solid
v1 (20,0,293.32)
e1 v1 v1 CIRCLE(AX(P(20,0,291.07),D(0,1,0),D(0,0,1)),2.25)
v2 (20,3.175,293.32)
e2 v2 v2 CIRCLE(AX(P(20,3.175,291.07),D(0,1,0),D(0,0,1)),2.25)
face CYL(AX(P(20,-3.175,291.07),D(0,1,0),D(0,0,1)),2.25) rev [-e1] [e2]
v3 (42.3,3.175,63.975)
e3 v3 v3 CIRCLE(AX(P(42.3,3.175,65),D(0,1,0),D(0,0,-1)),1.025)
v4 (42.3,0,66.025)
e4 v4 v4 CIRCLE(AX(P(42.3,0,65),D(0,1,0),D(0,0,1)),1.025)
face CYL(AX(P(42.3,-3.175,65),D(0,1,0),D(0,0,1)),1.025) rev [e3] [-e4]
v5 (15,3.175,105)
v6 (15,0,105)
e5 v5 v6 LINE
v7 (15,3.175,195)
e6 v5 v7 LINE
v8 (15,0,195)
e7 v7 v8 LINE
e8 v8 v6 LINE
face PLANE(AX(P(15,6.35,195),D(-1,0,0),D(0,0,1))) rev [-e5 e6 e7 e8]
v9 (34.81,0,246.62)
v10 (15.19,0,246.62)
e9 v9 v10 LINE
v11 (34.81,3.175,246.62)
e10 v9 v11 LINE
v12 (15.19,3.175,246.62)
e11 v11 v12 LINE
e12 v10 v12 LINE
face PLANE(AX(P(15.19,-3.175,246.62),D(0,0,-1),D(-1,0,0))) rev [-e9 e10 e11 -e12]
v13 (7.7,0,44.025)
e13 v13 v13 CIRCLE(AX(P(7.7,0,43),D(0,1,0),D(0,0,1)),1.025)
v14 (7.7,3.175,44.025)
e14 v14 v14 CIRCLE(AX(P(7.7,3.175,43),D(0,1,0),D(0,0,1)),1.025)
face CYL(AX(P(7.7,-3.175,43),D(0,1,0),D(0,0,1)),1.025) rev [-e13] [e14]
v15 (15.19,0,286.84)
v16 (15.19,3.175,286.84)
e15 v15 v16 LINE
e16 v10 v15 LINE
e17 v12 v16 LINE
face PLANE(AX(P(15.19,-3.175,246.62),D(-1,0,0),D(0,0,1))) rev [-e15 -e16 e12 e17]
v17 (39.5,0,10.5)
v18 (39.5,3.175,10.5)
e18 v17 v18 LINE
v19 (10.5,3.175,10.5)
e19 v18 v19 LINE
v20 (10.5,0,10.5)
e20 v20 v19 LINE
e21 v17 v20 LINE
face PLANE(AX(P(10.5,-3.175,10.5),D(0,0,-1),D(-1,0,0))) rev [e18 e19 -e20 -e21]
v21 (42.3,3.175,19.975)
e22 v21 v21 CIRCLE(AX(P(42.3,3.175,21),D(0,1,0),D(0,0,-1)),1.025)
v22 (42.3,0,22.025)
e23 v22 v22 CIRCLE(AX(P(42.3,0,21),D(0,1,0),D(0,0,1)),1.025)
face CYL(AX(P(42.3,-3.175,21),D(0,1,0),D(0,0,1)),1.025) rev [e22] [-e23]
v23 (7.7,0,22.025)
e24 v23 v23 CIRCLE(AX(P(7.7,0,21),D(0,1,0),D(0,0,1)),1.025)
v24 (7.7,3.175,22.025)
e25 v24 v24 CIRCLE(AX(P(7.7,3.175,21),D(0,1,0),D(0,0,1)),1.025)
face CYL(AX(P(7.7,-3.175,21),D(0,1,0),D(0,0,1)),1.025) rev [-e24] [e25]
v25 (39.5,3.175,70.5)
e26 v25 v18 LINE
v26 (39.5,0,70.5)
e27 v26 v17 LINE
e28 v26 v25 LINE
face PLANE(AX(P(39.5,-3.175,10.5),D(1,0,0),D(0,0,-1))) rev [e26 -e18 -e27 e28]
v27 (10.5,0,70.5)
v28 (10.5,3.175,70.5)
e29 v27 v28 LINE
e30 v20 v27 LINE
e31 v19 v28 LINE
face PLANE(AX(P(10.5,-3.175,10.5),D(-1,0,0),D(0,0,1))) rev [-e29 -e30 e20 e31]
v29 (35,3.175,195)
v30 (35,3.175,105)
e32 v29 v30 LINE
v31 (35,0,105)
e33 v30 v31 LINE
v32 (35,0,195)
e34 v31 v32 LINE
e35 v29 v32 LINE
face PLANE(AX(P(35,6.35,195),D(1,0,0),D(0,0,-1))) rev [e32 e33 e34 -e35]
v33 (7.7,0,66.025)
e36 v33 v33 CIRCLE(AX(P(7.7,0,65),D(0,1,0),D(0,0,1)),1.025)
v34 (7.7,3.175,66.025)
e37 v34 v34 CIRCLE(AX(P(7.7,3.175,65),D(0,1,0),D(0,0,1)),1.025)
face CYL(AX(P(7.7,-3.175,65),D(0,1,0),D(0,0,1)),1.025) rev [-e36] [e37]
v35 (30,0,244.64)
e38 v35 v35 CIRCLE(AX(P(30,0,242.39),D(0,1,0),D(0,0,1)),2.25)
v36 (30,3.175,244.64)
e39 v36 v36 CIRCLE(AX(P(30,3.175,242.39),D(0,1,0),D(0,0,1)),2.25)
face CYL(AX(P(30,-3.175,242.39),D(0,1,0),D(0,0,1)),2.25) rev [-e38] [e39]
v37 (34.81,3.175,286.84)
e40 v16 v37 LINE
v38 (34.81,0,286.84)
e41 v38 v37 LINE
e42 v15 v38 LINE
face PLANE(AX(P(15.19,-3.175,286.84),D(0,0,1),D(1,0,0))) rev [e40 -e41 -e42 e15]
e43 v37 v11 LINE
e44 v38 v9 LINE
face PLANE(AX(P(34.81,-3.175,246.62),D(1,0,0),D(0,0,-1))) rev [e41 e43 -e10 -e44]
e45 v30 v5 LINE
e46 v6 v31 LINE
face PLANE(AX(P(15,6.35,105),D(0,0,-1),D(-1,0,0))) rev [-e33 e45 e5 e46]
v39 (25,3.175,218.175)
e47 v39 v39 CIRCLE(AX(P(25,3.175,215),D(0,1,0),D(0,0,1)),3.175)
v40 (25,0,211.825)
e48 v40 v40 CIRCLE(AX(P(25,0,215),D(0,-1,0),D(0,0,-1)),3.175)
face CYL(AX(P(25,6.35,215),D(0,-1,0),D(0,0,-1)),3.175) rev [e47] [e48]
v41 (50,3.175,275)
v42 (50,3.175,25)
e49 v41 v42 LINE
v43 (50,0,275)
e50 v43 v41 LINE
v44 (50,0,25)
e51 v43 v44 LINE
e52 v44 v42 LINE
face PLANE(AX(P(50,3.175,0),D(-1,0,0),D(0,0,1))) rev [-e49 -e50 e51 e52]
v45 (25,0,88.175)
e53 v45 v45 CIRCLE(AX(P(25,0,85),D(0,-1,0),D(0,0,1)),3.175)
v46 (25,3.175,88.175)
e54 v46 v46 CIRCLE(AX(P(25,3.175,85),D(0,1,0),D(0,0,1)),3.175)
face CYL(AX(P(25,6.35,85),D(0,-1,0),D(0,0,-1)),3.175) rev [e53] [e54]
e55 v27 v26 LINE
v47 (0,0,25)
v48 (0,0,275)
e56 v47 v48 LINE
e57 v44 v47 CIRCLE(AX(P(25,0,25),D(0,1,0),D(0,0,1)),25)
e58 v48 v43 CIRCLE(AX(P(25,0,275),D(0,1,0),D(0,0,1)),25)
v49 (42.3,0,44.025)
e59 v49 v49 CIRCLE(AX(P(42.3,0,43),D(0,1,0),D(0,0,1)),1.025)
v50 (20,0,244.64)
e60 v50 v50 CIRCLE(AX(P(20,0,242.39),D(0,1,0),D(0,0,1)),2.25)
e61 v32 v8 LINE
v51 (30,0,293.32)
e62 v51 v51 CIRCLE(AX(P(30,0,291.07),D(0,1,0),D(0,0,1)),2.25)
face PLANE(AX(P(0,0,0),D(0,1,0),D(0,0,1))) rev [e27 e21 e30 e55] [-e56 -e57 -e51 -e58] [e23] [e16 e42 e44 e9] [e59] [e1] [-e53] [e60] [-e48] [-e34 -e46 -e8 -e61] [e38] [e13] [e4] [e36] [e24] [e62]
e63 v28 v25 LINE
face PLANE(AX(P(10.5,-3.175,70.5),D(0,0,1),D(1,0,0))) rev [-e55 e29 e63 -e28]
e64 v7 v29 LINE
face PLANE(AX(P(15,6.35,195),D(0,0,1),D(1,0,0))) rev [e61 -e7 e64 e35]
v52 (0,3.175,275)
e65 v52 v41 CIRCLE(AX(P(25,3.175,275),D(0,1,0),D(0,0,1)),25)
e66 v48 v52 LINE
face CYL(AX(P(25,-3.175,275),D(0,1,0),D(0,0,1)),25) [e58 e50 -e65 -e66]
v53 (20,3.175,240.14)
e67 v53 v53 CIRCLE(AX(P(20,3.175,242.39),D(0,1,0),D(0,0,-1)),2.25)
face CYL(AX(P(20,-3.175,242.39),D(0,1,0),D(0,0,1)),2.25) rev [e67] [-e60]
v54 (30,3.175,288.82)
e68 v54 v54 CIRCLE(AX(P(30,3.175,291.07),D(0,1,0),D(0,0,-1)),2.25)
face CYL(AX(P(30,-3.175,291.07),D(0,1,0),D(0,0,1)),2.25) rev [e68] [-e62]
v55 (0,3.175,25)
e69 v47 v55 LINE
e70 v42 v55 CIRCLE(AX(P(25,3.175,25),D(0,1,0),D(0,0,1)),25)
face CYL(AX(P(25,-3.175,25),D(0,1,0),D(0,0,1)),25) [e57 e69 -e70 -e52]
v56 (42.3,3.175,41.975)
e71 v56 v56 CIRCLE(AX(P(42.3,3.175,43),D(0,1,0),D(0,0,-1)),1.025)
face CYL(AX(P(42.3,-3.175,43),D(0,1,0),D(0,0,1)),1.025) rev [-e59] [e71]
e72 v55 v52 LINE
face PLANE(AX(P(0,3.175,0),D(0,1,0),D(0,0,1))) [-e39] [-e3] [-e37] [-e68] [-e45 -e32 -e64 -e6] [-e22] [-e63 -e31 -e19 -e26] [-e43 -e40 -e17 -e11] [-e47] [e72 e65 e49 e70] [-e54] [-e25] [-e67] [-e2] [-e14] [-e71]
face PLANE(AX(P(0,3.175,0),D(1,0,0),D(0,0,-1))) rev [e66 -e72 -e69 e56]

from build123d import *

# Parameters (mm, degrees)
SKETCH2_W           = 50
SKETCH2_H           = 300
BOSS_EXTRUDE1_DEPTH = 3.175
SKETCH3_R           = 1.025
SKETCH3_R_2         = 2.25
SKETCH3_W           = 29
SKETCH3_H           = 60
SKETCH3_W_2         = 19.62
SKETCH3_H_2         = 40.22
CUT_EXTRUDE1_DEPTH  = 6.35
CUT_EXTRUDE2_DEPTH  = 6.35
SKETCH5_R           = 3.175
SKETCH5_W           = 20
SKETCH5_H           = 90
CUT_EXTRUDE3_DEPTH  = 6.35


with BuildPart() as part:
    # Sketch2 → Boss-Extrude1 (new body)
    with BuildSketch(Plane(origin=(0, 0, 0), x_dir=(1, 0, 0), z_dir=(0, 1, 0))):
        with Locations((25, -150)):
            Rectangle(SKETCH2_W, SKETCH2_H)
    extrude(amount=BOSS_EXTRUDE1_DEPTH)

    # Sketch3 → Cut-Extrude1 (cut)
    with BuildSketch(Plane(origin=(0, 3.175, 0), x_dir=(1, 0, 0), z_dir=(0, 1, 0))):
        with Locations(Location((7.7, -21, 0), (0, 0, 270))):
            Circle(SKETCH3_R)
        with Locations(Location((7.7, -43, 0), (0, 0, 270))):
            Circle(SKETCH3_R)
        with Locations(Location((7.7, -65, 0), (0, 0, 270))):
            Circle(SKETCH3_R)
        with Locations(Location((42.3, -65, 0), (0, 0, 270))):
            Circle(SKETCH3_R)
        with Locations(Location((42.3, -43, 0), (0, 0, 270))):
            Circle(SKETCH3_R)
        with Locations(Location((42.3, -21, 0), (0, 0, 270))):
            Circle(SKETCH3_R)
        with Locations(Location((20, -291.07, 0), (0, 0, 270))):
            Circle(SKETCH3_R_2)
        with Locations(Location((30, -291.07, 0), (0, 0, 270))):
            Circle(SKETCH3_R_2)
        with Locations(Location((20, -242.39, 0), (0, 0, 270))):
            Circle(SKETCH3_R_2)
        with Locations(Location((30, -242.39, 0), (0, 0, 270))):
            Circle(SKETCH3_R_2)
        with Locations((25, -40.5)):
            Rectangle(SKETCH3_W, SKETCH3_H)
        with Locations((25, -266.73)):
            Rectangle(SKETCH3_W_2, SKETCH3_H_2)
    extrude(amount=-CUT_EXTRUDE1_DEPTH, mode=Mode.SUBTRACT)

    # Sketch4 → Cut-Extrude2 (cut)
    with BuildSketch(Plane(origin=(0, 3.175, 0), x_dir=(1, 0, 0), z_dir=(0, 1, 0))):
        with BuildLine():
            Line((0, 0), (0, -25))
            ThreePointArc((0, -25), (7.32233047, -7.32233047), (25, 0))
            Line((25, 0), (0, 0))
        make_face()
        with BuildLine():
            ThreePointArc((25, 0), (42.67766953, -7.32233047), (50, -25))
            Line((50, -25), (50, 0))
            Line((50, 0), (25, 0))
        make_face()
        with BuildLine():
            ThreePointArc((25, -300), (7.32233047, -292.67766953), (0, -275))
            Line((0, -275), (0, -300))
            Line((0, -300), (25, -300))
        make_face()
        with BuildLine():
            Line((50, -300), (50, -275))
            ThreePointArc((50, -275), (42.67766953, -292.67766953), (25, -300))
            Line((25, -300), (50, -300))
        make_face()
    extrude(amount=-CUT_EXTRUDE2_DEPTH, mode=Mode.SUBTRACT)

    # Sketch5 → Cut-Extrude3 (cut)
    with BuildSketch(Plane.XZ):
        with Locations(Location((25, 215, 0), (0, 0, 270))):
            Circle(SKETCH5_R)
        with Locations(Location((25, 85, 0), (0, 0, 90))):
            Circle(SKETCH5_R)
        with Locations((25, 150)):
            Rectangle(SKETCH5_W, SKETCH5_H)
    extrude(amount=-CUT_EXTRUDE3_DEPTH, mode=Mode.SUBTRACT)


solid = part.part
